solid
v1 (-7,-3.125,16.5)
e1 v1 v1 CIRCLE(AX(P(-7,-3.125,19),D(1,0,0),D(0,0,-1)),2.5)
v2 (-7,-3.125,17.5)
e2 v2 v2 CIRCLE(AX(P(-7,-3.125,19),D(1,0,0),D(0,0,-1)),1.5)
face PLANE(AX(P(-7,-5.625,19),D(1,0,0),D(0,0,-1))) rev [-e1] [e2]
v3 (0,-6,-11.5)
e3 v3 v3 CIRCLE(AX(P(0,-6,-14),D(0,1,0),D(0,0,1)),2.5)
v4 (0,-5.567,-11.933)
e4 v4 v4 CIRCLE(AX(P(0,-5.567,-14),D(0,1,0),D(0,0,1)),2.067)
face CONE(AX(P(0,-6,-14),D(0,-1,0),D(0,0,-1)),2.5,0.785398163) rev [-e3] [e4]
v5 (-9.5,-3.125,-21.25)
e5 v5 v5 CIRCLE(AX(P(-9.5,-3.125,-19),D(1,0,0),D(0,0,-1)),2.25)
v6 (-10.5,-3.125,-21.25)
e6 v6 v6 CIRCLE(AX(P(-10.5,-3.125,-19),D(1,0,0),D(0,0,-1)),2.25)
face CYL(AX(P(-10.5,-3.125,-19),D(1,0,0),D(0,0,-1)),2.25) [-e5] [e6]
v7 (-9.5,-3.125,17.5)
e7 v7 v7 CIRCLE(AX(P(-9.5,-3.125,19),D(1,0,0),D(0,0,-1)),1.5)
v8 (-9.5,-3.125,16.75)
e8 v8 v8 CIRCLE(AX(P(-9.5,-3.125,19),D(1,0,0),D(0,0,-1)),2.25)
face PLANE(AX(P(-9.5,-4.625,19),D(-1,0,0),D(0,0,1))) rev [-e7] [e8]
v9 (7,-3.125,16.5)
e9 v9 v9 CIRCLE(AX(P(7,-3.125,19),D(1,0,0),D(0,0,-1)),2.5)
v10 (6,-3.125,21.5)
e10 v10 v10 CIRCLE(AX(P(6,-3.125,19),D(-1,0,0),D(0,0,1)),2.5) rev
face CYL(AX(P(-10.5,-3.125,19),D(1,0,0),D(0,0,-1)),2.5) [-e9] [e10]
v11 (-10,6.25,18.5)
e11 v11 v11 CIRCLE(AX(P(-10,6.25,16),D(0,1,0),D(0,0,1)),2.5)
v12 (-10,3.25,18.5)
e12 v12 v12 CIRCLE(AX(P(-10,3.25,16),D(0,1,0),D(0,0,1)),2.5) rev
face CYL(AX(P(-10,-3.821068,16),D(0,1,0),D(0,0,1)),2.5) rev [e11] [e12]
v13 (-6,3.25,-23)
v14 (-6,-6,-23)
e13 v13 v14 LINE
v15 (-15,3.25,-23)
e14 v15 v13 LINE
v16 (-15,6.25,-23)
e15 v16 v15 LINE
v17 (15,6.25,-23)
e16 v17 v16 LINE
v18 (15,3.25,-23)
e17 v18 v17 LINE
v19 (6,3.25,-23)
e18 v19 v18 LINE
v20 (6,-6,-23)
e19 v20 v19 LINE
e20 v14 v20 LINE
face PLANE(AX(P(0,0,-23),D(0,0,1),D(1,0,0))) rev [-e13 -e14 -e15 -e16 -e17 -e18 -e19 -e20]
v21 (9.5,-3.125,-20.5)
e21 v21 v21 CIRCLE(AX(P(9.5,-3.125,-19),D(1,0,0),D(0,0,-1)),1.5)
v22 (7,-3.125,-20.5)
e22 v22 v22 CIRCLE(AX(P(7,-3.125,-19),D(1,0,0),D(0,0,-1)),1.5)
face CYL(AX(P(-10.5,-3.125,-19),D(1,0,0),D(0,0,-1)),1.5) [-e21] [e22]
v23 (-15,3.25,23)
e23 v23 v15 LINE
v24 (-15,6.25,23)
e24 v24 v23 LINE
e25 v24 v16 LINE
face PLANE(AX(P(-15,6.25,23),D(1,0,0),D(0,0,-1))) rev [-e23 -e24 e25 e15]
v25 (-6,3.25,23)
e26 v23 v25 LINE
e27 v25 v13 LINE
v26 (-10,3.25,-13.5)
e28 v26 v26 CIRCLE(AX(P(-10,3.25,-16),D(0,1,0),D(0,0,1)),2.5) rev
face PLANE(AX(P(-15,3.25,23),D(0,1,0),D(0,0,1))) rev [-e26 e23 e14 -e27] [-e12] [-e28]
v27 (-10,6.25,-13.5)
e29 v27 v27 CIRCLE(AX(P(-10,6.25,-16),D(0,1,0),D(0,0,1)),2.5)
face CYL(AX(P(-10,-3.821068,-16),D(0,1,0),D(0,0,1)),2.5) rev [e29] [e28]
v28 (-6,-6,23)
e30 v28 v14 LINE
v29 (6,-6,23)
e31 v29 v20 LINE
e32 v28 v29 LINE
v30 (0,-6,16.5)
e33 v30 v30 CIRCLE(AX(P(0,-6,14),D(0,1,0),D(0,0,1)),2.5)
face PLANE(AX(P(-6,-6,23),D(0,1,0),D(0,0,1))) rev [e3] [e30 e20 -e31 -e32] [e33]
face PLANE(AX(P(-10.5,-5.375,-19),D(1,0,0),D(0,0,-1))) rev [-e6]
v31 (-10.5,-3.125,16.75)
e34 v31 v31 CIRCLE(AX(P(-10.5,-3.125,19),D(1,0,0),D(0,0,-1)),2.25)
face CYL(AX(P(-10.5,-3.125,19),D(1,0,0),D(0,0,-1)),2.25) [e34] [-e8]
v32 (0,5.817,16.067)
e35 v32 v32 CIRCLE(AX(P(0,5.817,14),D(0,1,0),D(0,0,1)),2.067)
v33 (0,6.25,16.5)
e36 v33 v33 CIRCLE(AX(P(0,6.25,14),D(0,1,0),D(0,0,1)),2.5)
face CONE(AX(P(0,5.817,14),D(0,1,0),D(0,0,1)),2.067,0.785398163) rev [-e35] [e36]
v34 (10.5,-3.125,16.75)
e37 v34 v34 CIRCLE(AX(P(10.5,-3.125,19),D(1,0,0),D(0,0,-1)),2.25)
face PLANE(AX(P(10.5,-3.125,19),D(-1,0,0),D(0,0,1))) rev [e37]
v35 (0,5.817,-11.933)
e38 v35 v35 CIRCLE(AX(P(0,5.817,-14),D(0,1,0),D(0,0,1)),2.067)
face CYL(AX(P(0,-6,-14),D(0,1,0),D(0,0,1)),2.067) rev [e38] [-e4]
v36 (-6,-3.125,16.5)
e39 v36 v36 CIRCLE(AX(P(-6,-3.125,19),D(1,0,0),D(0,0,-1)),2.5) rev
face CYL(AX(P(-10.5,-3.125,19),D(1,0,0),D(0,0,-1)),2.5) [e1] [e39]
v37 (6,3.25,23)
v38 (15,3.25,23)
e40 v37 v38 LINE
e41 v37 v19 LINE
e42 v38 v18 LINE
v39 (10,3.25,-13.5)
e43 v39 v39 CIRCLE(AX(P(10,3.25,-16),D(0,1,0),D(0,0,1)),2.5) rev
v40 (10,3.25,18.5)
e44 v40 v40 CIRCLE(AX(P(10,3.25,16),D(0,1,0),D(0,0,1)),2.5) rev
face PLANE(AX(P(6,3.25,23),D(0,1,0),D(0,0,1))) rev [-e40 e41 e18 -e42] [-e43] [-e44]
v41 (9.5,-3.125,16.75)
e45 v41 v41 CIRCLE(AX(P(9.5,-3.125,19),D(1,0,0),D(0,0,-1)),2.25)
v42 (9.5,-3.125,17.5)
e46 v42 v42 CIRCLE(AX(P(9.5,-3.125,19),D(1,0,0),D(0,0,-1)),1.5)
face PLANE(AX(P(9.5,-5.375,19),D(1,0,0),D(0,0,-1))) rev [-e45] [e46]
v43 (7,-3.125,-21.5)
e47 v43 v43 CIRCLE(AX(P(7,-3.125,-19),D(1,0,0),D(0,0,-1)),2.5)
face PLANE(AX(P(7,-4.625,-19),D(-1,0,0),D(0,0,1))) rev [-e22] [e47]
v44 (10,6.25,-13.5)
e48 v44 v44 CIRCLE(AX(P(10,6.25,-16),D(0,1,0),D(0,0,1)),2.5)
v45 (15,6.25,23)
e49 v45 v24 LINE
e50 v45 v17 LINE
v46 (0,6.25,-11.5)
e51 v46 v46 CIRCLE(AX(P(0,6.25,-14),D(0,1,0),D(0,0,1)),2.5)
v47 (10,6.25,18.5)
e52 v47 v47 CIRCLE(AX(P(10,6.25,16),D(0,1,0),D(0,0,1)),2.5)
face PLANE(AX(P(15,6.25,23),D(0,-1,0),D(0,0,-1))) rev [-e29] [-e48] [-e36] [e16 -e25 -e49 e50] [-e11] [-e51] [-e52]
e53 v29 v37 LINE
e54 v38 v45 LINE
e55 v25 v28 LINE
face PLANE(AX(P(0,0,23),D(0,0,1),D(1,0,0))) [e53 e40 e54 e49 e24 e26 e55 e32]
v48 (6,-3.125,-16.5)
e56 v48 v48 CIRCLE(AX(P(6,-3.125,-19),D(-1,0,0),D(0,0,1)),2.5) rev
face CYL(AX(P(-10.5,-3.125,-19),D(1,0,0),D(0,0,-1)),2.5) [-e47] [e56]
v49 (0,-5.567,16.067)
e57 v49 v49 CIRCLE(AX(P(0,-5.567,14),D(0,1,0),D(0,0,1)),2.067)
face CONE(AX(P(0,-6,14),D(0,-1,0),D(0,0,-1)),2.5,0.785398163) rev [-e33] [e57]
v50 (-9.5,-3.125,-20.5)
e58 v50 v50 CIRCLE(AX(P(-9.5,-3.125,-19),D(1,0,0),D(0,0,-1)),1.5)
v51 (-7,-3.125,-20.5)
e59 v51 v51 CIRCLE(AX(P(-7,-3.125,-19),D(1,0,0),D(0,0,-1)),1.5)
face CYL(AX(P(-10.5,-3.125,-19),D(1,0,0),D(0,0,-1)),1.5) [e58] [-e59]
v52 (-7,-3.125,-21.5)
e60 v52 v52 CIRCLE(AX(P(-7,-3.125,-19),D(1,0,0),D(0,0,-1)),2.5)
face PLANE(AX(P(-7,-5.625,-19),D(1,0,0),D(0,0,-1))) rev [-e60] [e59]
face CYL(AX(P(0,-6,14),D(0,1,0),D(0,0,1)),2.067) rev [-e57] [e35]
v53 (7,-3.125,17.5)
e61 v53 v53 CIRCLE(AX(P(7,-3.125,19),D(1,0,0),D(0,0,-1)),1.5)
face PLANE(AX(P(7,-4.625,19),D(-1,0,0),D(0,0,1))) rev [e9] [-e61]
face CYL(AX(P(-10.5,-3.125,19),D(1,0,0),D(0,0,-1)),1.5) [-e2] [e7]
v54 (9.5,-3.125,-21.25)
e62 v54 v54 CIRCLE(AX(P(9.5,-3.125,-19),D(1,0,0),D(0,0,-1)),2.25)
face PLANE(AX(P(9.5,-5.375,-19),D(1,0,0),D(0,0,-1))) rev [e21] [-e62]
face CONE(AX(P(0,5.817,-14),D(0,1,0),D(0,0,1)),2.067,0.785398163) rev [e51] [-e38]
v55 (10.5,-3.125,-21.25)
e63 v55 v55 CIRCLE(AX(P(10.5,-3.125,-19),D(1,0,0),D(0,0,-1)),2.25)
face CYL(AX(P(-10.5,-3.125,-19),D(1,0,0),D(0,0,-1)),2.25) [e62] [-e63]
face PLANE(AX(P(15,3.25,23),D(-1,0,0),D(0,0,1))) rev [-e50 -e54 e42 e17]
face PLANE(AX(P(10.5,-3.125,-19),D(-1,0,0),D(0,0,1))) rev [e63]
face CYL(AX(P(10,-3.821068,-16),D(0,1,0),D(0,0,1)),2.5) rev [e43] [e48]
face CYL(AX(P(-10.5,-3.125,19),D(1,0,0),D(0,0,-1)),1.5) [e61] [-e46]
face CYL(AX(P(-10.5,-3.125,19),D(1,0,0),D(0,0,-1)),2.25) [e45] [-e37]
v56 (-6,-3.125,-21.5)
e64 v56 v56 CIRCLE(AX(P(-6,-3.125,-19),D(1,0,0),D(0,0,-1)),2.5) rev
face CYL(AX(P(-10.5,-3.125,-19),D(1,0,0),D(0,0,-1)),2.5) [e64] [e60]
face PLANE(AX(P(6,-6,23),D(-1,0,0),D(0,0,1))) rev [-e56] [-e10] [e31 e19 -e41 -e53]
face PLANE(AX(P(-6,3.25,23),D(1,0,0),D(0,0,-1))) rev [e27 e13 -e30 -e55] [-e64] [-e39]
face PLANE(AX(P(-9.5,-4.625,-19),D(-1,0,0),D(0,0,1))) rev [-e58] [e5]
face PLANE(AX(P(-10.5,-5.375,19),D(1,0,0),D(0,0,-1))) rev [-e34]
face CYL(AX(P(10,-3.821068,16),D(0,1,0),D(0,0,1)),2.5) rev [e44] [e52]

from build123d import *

# Parameters (mm, degrees)
BOSS_EXTRUDE1_DEPTH      = 23
BOSS_EXTRUDE1_DEPTH_BACK = 23
CUT_EXTRUDE1_REACH       = 32.068
SKETCH6_R                = 2.5


with BuildPart() as part:
    # Sketch1 → Boss-Extrude1 (new, two sides: drawn at the far end of the back side and taken through both)
    with BuildSketch(Plane.XY.offset(-BOSS_EXTRUDE1_DEPTH_BACK)):
        Polygon((-15, 6.25), (-15, 3.25), (-6, 3.25), (-6, -6), (6, -6), (6, 3.25), (15, 3.25), (15, 6.25), align=None)
    extrude(amount=BOSS_EXTRUDE1_DEPTH + BOSS_EXTRUDE1_DEPTH_BACK)

    # Sketch2 → Revolve1 (revolve)
    with BuildSketch(Plane.XY.offset(19)):
        Polygon((10.5, -3.125), (10.5, -5.375), (9.5, -5.375), (9.5, -4.625), (7, -4.625), (7, -5.625), (6, -5.625), (6, -4.625), (-6, -4.625), (-6, -5.625), (-7, -5.625), (-7, -4.625), (-9.5, -4.625), (-9.5, -5.375), (-10.5, -5.375), (-10.5, -3.125), align=None)
    revolve(axis=Axis((-10.5, -3.125, 19), (1, 0, 0)))

    # Sketch3 → Revolve2 (revolve)
    with BuildSketch(Plane.XY.offset(-19)):
        Polygon((10.5, -3.125), (10.5, -5.375), (9.5, -5.375), (9.5, -4.625), (7, -4.625), (7, -5.625), (6, -5.625), (6, -4.625), (-6, -4.625), (-6, -5.625), (-7, -5.625), (-7, -4.625), (-9.5, -4.625), (-9.5, -5.375), (-10.5, -5.375), (-10.5, -3.125), align=None)
    revolve(axis=Axis((-10.5, -3.125, -19), (1, 0, 0)))

    # Sketch4 → Cut-Revolve1 (revolve, cut)
    with BuildSketch(Plane(origin=(0, 0, 0), x_dir=(0, 0, -1), z_dir=(1, 0, 0))):
        Polygon((-14, 6.25), (-11.5, 6.25), (-11.933, 5.817), (-11.933, -5.567), (-11.5, -6), (-14, -6), align=None)
    revolve(axis=Axis((0, -6, 14), (0, 1, 0)), mode=Mode.SUBTRACT)

    # Sketch5 → Cut-Revolve2 (revolve, cut)
    with BuildSketch(Plane(origin=(0, 0, 0), x_dir=(0, 0, -1), z_dir=(1, 0, 0))):
        Polygon((14, 6.25), (16.5, 6.25), (16.067, 5.817), (16.067, -5.567), (16.5, -6), (14, -6), align=None)
    revolve(axis=Axis((0, -6, -14), (0, 1, 0)), mode=Mode.SUBTRACT)

    # Sketch6 → Cut-Extrude1 (cut, up to next)
    with BuildSketch(Plane(origin=(0, 6.25, 0), x_dir=(1, 0, 0), z_dir=(0, 1, 0)), mode=Mode.PRIVATE) as cut_extrude1_sk1:
        with Locations((-10, 16)):
            Circle(SKETCH6_R)
    cut_extrude1_tool1 = extrude(cut_extrude1_sk1.sketch, amount=-CUT_EXTRUDE1_REACH, mode=Mode.PRIVATE) & part.part
    # Sketch6 → Cut-Extrude1 (cut, up to next)
    with BuildSketch(Plane(origin=(0, 6.25, 0), x_dir=(1, 0, 0), z_dir=(0, 1, 0)), mode=Mode.PRIVATE) as cut_extrude1_sk2:
        with Locations((10, 16)):
            Circle(SKETCH6_R)
    cut_extrude1_tool2 = extrude(cut_extrude1_sk2.sketch, amount=-CUT_EXTRUDE1_REACH, mode=Mode.PRIVATE) & part.part
    # Sketch6 → Cut-Extrude1 (cut, up to next)
    with BuildSketch(Plane(origin=(0, 6.25, 0), x_dir=(1, 0, 0), z_dir=(0, 1, 0)), mode=Mode.PRIVATE) as cut_extrude1_sk3:
        with Locations((-10, -16)):
            Circle(SKETCH6_R)
    cut_extrude1_tool3 = extrude(cut_extrude1_sk3.sketch, amount=-CUT_EXTRUDE1_REACH, mode=Mode.PRIVATE) & part.part
    # Sketch6 → Cut-Extrude1 (cut, up to next)
    with BuildSketch(Plane(origin=(0, 6.25, 0), x_dir=(1, 0, 0), z_dir=(0, 1, 0)), mode=Mode.PRIVATE) as cut_extrude1_sk4:
        with Locations((10, -16)):
            Circle(SKETCH6_R)
    cut_extrude1_tool4 = extrude(cut_extrude1_sk4.sketch, amount=-CUT_EXTRUDE1_REACH, mode=Mode.PRIVATE) & part.part
    add(cut_extrude1_tool1.solids().sort_by_distance((-10, 6.25, -16))[0], mode=Mode.SUBTRACT)
    add(cut_extrude1_tool2.solids().sort_by_distance((10, 6.25, -16))[0], mode=Mode.SUBTRACT)
    add(cut_extrude1_tool3.solids().sort_by_distance((-10, 6.25, 16))[0], mode=Mode.SUBTRACT)
    add(cut_extrude1_tool4.solids().sort_by_distance((10, 6.25, 16))[0], mode=Mode.SUBTRACT)


solid = part.part
